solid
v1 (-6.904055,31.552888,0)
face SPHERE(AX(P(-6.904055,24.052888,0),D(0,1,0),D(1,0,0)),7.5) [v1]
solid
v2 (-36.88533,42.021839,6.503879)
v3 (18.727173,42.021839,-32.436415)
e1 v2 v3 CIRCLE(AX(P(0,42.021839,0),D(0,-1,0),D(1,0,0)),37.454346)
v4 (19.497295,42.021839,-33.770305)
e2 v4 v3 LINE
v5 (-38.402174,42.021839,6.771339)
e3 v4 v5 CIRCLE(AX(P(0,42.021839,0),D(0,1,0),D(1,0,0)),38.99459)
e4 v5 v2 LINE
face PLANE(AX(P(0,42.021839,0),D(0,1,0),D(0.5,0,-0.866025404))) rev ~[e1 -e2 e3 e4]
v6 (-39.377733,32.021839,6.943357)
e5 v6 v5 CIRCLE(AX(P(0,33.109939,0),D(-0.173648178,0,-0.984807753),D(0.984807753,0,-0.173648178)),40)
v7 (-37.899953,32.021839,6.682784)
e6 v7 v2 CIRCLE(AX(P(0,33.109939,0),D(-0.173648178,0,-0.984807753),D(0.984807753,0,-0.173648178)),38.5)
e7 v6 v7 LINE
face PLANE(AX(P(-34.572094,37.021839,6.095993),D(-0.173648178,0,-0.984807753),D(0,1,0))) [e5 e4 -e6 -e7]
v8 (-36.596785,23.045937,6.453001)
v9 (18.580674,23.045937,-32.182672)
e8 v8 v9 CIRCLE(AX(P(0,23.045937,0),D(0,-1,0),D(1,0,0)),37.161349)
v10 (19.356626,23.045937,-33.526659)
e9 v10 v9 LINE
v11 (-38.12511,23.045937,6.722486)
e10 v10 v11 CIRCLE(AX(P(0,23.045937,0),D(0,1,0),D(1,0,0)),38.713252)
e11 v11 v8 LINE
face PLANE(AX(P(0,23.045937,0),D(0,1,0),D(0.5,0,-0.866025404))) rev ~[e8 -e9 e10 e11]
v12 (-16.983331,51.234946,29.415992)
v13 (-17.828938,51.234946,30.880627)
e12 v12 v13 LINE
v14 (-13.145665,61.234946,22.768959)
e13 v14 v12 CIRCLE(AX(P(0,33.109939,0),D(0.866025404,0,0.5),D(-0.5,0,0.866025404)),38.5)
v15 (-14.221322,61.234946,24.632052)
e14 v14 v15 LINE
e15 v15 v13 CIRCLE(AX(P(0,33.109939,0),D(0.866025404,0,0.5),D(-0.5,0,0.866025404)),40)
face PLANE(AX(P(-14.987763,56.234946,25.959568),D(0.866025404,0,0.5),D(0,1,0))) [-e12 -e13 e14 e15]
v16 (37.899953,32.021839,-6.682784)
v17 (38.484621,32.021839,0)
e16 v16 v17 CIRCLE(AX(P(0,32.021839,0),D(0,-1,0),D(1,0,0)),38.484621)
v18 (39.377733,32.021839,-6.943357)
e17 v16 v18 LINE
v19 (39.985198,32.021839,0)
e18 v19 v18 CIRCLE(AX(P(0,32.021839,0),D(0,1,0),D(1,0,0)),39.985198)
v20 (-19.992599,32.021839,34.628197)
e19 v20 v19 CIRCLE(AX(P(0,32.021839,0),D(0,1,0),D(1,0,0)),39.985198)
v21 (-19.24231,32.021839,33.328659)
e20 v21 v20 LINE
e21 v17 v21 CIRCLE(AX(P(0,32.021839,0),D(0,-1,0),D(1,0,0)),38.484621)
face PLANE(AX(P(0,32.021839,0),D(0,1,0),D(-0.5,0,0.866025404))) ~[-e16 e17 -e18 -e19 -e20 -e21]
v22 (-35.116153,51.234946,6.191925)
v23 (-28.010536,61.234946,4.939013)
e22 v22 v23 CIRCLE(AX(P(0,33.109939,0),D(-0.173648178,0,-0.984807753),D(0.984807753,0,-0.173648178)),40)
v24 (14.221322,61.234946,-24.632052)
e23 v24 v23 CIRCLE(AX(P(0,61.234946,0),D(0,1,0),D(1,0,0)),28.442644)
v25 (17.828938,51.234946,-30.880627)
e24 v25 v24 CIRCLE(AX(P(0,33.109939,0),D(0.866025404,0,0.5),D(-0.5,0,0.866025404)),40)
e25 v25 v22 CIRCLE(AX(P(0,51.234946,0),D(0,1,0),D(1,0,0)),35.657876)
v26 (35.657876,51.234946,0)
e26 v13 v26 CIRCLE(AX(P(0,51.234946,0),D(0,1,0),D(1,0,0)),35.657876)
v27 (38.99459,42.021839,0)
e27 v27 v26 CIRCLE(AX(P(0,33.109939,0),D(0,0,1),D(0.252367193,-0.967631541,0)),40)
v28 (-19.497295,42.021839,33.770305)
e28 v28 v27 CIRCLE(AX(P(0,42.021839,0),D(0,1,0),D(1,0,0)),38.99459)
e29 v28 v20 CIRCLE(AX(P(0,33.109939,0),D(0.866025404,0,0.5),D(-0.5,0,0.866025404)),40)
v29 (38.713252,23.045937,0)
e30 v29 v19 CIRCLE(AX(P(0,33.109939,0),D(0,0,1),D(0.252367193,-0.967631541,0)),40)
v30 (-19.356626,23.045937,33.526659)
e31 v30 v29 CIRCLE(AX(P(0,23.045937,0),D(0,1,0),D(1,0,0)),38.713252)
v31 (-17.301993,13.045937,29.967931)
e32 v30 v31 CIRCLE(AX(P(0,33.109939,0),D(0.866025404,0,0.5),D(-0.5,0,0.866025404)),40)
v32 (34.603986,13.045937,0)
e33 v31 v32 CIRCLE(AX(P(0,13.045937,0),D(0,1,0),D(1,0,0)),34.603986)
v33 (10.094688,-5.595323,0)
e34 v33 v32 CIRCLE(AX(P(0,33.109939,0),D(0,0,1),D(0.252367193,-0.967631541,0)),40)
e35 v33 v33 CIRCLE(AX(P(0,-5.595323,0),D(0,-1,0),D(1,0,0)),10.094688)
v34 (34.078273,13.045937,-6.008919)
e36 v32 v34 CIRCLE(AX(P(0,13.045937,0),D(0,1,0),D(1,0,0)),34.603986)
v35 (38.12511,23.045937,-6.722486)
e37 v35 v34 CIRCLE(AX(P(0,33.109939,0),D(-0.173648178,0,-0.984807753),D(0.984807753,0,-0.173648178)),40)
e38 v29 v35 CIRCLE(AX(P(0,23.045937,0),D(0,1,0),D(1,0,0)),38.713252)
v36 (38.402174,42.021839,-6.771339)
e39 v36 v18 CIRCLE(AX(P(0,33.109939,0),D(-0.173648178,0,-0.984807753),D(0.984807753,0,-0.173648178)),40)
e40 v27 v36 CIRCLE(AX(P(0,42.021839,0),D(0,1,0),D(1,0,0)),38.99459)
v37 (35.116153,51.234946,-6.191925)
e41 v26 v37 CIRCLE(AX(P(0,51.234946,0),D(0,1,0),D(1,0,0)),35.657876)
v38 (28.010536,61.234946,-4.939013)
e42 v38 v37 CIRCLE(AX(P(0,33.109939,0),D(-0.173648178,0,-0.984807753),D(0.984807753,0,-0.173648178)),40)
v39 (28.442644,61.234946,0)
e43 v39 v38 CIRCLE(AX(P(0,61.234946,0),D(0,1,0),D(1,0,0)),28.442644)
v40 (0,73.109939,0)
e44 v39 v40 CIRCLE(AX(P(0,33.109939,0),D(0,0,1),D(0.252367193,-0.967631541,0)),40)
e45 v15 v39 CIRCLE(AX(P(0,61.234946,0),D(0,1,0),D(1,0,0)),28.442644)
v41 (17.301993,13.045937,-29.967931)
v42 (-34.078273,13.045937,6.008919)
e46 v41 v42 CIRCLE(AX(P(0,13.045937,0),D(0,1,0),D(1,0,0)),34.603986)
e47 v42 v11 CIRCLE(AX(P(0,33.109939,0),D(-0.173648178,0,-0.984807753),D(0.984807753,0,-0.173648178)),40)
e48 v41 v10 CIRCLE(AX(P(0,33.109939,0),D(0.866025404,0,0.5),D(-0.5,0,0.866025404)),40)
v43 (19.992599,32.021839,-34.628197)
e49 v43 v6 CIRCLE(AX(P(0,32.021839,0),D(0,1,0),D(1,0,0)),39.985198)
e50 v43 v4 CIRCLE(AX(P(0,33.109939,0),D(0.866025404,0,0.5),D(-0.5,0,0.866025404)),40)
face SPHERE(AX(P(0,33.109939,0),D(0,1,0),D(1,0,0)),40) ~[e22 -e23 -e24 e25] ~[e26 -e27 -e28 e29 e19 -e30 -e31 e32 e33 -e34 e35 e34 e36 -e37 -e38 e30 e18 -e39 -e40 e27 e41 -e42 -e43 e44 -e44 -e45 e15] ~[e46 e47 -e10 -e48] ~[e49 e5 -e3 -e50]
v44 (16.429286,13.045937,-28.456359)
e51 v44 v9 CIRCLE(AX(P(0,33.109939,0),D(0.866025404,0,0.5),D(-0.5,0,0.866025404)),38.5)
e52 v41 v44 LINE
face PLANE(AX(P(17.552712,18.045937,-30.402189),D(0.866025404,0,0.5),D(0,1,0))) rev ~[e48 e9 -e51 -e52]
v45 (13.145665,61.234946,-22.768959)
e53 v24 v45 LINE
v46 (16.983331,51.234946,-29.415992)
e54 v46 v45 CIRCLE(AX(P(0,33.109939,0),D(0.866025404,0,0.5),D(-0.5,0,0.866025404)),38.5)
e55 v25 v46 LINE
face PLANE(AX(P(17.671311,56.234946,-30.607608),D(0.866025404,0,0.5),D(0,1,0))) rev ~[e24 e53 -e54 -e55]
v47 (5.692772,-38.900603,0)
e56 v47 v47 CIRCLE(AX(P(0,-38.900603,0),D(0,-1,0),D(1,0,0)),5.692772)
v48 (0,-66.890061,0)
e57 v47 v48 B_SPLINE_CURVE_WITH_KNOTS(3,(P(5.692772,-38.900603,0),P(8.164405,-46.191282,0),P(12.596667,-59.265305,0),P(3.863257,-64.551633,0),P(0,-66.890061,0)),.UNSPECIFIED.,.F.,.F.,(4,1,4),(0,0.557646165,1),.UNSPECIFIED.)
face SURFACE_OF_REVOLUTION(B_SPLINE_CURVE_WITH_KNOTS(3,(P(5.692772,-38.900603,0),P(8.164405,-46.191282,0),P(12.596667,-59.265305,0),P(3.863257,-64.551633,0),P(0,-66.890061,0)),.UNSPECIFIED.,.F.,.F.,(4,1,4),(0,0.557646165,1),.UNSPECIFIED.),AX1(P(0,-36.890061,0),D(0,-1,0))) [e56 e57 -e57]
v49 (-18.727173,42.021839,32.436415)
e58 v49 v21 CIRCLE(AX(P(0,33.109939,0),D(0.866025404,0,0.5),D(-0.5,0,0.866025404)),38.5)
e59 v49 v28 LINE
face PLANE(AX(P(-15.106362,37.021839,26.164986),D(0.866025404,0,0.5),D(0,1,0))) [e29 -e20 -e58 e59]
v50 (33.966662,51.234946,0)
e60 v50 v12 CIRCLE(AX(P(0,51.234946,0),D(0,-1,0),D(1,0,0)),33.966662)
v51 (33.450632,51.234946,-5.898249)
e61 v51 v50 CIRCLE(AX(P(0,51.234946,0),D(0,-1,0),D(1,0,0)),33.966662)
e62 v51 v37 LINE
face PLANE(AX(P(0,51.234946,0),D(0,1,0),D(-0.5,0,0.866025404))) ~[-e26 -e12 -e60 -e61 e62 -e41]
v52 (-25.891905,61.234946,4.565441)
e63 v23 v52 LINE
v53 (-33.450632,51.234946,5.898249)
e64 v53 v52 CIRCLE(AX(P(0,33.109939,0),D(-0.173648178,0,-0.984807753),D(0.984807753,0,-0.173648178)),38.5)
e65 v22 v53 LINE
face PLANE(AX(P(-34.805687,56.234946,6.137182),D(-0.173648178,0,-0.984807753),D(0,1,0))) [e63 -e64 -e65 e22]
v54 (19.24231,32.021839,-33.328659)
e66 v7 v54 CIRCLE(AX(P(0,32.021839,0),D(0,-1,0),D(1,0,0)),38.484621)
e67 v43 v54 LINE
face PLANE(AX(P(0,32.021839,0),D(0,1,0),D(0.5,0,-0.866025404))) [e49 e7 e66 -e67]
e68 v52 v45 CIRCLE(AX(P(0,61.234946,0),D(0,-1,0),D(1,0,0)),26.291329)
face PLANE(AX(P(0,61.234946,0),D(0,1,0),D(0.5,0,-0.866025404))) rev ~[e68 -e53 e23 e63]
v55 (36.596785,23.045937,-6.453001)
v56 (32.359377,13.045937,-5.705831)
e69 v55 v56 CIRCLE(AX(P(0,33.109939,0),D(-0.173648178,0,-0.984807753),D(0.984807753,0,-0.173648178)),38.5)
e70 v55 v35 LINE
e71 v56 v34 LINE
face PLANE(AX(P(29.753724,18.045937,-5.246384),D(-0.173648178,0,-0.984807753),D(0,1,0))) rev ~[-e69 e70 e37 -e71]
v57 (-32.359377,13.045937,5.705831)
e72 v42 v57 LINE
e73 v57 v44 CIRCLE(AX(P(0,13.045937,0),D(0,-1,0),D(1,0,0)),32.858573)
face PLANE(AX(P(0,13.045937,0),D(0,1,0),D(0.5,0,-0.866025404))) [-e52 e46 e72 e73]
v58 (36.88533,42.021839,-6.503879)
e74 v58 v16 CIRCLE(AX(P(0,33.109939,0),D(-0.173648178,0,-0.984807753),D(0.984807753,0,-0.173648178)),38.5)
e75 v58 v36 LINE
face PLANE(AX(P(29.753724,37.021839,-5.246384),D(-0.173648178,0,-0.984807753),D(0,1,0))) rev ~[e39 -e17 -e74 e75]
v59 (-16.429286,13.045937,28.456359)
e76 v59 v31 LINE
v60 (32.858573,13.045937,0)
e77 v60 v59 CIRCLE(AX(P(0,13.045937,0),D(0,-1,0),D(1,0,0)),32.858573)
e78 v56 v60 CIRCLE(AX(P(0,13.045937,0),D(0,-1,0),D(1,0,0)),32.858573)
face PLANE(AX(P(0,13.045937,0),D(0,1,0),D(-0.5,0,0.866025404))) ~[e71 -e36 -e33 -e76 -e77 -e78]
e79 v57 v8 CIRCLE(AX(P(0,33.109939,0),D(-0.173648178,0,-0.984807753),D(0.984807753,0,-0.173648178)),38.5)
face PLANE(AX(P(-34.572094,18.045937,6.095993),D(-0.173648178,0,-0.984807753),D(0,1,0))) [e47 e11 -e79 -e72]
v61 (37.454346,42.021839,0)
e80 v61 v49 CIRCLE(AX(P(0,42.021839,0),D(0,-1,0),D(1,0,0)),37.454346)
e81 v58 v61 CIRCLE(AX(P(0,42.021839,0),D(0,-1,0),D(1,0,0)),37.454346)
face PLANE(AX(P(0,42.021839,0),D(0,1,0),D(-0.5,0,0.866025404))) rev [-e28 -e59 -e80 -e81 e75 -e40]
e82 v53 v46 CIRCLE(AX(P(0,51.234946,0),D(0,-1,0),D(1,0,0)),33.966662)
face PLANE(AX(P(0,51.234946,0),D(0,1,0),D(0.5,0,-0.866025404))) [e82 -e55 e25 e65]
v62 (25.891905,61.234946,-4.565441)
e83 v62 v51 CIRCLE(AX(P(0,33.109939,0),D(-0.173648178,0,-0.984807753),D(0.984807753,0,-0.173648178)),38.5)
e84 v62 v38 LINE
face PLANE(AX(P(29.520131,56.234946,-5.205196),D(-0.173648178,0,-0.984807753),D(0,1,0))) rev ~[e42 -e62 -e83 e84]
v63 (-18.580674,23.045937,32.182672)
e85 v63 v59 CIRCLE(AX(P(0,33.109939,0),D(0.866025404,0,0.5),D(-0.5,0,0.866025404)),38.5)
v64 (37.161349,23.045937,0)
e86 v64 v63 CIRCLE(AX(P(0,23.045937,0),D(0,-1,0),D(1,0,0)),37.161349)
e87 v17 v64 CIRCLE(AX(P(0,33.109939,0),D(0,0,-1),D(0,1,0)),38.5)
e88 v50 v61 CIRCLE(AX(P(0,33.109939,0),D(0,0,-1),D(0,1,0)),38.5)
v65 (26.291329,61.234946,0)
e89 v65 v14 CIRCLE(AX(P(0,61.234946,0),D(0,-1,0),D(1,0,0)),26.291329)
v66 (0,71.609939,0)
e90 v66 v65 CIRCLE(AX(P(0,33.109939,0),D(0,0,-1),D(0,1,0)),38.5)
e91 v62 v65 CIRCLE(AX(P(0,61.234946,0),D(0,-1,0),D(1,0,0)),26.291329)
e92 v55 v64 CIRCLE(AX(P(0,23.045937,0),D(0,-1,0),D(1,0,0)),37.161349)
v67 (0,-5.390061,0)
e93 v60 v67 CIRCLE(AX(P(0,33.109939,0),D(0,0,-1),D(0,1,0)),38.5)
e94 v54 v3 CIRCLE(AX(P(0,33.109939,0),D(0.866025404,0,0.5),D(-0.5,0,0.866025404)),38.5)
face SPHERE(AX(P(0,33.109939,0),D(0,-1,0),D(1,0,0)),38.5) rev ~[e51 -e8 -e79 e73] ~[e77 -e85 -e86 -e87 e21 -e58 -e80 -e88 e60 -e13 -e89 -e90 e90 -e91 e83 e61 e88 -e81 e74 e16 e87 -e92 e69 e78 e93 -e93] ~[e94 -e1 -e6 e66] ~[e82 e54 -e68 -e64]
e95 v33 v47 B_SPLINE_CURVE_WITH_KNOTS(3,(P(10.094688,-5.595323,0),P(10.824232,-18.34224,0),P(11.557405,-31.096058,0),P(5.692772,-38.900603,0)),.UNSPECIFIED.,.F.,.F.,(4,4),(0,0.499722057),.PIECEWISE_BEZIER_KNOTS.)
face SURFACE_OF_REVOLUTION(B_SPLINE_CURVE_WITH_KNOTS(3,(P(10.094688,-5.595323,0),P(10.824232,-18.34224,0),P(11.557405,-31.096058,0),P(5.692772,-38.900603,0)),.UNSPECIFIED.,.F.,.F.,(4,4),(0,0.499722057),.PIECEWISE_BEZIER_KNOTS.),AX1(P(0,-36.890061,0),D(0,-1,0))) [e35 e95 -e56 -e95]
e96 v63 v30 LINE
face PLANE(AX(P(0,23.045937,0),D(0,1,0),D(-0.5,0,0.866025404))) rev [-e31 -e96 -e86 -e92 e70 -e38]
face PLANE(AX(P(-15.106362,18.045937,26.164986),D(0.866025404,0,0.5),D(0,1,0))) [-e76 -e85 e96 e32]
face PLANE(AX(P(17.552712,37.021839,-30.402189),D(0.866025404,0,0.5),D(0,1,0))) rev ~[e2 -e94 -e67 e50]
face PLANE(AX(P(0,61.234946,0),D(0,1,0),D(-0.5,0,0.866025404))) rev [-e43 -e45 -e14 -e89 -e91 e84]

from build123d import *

# Parameters (mm, degrees)
F2_W          = 10
F2_H          = 40.9751456603
F2_H_2        = 40.5007522926
F2_H_3        = 48.8629518077
F2_H_4        = 48.3885584399
F3_ANGLE_BACK = 30
F3_ANGLE      = 130


with BuildPart() as f1:
    # F0 (on Top) → F1 (revolve)
    with BuildSketch(Plane.XY):
        with BuildLine():
            Line((0, -5.3900609016), (0, -6.8900609016))
            ThreePointArc((0, -6.8900609016), (5.088690105, -6.5650559617), (10.0946877388, -5.5953225524))
            ThreePointArc((10.0946877388, -5.5953225524), (39.6749950601, 38.1986292033), (0, 73.1099390984))
            Line((0, 73.1099390984), (0, 71.6099390984))
            ThreePointArc((0, 71.6099390984), (38.5, 33.1099390984), (0, -5.3900609016))
        make_face()
        with BuildLine():
            ThreePointArc((10.0946877388, -5.5953225524), (5.088690105, -6.5650559617), (0, -6.8900609016))
            Line((0, -6.8900609016), (0, -44.005764341))
            add(Edge.make_bspline(
                [(5.6927716359, -38.9006026089), (4.1909450972, -40.899205285), (2.2564479626, -42.5732448492), (0, -44.005764341)],
                knots=[0.4997220565, 0.4997220565, 0.4997220565, 0.4997220565, 0.6276918284, 0.6276918284, 0.6276918284, 0.6276918284], degree=3))
            add(Edge.make_bspline(
                [(10.0946877388, -5.5953225524), (10.8242318842, -18.3422397346), (11.5574054113, -31.0960576393), (5.6927716359, -38.9006026089)],
                knots=[0, 0, 0, 0, 0.4997220565, 0.4997220565, 0.4997220565, 0.4997220565], degree=3))
        make_face()
        with BuildLine():
            add(Edge.make_bspline(
                [(5.6927716359, -38.9006026089), (4.1909450972, -40.899205285), (2.2564479626, -42.5732448492), (0, -44.005764341)],
                knots=[0.4997220565, 0.4997220565, 0.4997220565, 0.4997220565, 0.6276918284, 0.6276918284, 0.6276918284, 0.6276918284], degree=3))
            Line((0, -44.005764341), (0, -66.8900609016))
            add(Edge.make_bspline(
                [(5.6927716359, -38.9006026089), (8.1644054547, -46.1912815153), (12.5966672991, -59.2653047345), (3.8632573747, -64.5516332212), (0, -66.8900609016)],
                knots=[0, 0, 0, 0, 0.5576461648, 1, 1, 1, 1], degree=3))
        make_face()
    revolve(axis=Axis((0, -36.8900609016, 0), (0, -1, 0)))

    # F2 (on Right) → F3 (revolve, cut)
    with BuildSketch(Plane.YZ, mode=Mode.PRIVATE) as f3_sk:
        with Locations((18.0459368229, 30.2127234824)):
            Rectangle(F2_W, F2_H)
        with Locations((37.0218391716, 30.2127234824)):
            Rectangle(F2_W, F2_H)
        with Locations((56.2349456549, 29.9755267985)):
            Rectangle(F2_W, F2_H_2)
        with Locations((56.2349456549, -35.3426211514)):
            Rectangle(F2_W, F2_H_3)
        with Locations((37.0218391716, -35.1054244675)):
            Rectangle(F2_W, F2_H_4)
        with Locations((18.0459368229, -35.1054244675)):
            Rectangle(F2_W, F2_H_4)
    revolve(f3_sk.sketch.rotate(Axis((0, 36.6472154856, 0), (0, 1, 0)), -F3_ANGLE_BACK), axis=Axis((0, 36.6472154856, 0), (0, 1, 0)), revolution_arc=F3_ANGLE, mode=Mode.SUBTRACT)


with BuildPart() as f5:
    # F4 (on Top) → F5 (revolve)
    with BuildSketch(Plane.XY):
        with BuildLine():
            Line((-6.9040553644, 24.052888155), (-6.9040553644, 16.552888155))
            ThreePointArc((-6.9040553644, 16.552888155), (0.5959446356, 24.052888155), (-6.9040553644, 31.552888155))
            Line((-6.9040553644, 31.552888155), (-6.9040553644, 24.052888155))
        make_face()
    revolve(axis=Axis((-6.9040553644, 27.802888155, 0), (0, 1, 0)))


solid = Compound([f1.part, f5.part])
